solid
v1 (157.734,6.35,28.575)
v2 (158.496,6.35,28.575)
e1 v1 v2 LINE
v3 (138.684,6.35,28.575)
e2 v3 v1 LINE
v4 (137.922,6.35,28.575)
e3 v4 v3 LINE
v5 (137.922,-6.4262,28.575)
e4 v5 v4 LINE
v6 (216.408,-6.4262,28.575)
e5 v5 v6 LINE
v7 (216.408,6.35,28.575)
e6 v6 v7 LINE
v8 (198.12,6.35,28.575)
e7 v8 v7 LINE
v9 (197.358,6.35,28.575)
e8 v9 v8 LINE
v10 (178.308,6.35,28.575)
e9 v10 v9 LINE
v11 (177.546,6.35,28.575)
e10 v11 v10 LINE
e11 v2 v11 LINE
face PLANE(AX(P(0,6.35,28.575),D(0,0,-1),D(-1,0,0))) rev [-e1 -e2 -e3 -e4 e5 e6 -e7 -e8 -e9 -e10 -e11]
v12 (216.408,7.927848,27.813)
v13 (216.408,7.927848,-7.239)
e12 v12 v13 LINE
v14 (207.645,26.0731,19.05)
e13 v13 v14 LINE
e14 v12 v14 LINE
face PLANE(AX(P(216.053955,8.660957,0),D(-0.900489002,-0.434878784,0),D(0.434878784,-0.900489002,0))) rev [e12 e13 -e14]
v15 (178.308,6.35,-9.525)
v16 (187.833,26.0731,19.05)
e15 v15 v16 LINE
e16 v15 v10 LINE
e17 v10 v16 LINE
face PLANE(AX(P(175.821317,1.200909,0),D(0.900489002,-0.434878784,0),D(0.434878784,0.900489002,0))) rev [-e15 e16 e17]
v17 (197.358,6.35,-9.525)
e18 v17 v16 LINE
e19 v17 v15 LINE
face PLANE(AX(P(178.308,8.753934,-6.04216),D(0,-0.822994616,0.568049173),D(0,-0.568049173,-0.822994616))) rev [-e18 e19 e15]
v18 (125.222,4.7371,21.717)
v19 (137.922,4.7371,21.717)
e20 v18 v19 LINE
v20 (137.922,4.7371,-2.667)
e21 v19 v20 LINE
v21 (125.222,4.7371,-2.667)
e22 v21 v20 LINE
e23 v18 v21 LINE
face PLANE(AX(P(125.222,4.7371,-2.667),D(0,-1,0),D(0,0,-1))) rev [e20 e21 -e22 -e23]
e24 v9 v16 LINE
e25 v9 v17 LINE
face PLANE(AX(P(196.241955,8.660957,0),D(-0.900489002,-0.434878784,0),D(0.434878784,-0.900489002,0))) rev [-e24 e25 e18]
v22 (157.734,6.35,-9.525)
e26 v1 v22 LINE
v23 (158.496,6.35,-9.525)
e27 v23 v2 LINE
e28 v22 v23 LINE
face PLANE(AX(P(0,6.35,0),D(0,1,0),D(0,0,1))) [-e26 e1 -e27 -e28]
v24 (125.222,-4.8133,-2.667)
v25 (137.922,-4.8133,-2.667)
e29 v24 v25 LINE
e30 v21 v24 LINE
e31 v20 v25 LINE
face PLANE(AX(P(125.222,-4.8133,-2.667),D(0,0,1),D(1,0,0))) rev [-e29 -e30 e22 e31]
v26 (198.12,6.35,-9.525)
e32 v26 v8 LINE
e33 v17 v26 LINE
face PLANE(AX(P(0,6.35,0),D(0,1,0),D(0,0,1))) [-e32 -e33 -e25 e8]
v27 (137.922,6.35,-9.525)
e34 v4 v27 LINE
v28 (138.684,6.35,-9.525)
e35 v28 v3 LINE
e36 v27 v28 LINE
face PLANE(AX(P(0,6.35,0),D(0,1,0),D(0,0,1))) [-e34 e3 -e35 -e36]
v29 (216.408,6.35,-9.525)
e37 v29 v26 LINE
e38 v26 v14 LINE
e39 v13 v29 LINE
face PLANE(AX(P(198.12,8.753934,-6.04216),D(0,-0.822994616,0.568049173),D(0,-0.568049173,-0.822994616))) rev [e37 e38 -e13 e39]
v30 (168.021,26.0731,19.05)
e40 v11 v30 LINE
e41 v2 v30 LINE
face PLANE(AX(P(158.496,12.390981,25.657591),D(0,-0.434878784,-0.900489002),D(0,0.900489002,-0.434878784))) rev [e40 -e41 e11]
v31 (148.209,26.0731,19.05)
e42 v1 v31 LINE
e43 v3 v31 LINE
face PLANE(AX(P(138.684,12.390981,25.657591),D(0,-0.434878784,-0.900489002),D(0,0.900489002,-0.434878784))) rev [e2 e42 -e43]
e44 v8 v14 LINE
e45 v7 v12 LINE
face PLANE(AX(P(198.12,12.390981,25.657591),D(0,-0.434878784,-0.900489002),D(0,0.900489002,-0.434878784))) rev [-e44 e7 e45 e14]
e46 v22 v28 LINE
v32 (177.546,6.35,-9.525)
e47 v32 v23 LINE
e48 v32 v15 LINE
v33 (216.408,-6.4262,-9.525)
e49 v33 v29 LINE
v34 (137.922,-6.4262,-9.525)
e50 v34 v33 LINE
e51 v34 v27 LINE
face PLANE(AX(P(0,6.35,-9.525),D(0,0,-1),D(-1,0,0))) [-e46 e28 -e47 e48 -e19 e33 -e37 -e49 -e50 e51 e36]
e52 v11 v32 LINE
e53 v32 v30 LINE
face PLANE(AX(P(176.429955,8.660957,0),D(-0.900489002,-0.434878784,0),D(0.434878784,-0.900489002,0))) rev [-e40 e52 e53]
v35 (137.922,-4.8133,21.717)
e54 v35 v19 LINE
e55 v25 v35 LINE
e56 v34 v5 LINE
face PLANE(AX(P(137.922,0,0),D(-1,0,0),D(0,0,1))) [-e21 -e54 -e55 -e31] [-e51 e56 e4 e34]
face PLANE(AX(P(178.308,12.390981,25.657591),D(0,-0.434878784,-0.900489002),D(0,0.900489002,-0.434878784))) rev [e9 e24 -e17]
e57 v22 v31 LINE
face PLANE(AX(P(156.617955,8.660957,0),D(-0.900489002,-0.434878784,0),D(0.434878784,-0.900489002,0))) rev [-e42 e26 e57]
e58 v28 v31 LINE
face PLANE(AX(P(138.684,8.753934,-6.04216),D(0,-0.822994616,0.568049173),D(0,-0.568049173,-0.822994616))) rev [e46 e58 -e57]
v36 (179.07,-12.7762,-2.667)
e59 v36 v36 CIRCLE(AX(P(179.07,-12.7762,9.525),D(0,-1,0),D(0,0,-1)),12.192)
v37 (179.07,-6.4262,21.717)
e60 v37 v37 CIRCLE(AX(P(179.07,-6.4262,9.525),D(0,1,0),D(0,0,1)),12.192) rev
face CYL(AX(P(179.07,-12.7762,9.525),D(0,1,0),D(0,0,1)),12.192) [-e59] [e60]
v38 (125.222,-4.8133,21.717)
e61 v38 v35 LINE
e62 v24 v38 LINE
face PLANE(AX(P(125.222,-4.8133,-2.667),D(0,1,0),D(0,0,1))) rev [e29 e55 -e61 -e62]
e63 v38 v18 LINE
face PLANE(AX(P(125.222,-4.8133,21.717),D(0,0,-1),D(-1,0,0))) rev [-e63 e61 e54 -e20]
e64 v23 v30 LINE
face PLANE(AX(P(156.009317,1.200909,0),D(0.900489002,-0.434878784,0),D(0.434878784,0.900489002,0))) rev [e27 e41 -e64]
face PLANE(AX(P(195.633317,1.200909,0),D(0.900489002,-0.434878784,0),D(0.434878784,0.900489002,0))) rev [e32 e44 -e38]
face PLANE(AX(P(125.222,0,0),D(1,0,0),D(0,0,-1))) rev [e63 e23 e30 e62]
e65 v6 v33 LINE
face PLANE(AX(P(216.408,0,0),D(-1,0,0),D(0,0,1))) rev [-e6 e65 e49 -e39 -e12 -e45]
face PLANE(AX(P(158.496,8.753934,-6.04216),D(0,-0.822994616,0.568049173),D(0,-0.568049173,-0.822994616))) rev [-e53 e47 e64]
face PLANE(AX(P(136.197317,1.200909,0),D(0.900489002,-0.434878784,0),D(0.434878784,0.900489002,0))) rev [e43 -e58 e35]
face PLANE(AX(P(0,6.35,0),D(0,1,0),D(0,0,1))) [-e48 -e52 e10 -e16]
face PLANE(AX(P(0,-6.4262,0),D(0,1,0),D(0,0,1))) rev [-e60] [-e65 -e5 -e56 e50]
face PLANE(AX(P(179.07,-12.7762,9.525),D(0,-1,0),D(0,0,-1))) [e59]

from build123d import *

# Parameters (mm, degrees)
SKETCH1_W           = 19.05
SKETCH1_H           = 19.05
BOSS_EXTRUDE2_DEPTH = 6.35
SKETCH8_W           = 217.17
SKETCH8_H           = 38.1
BOSS_EXTRUDE4_DEPTH = 6.35
SKETCH8_5_W         = 217.17
SKETCH8_5_H         = 38.1
BOSS_EXTRUDE5_DEPTH = 6.4262
SKETCH9_W           = 19.05
SKETCH9_H           = 38.1
LPATTERN3_COUNT     = 11
LPATTERN3_PITCH     = 19.812
SKETCH15_R          = 12.192
BOSS_EXTRUDE6_DEPTH = 6.35
SKETCH16_W          = 38.1
SKETCH16_H          = 22.073264639
CUT_EXTRUDE1_DEPTH  = 3.302
SKETCH17_W          = 61.644203732
SKETCH17_H          = 46.422477749
CUT_EXTRUDE2_DEPTH  = 137.922
SKETCH18_W          = 24.384
SKETCH18_H          = 9.5504
BOSS_EXTRUDE7_DEPTH = 12.7


with BuildPart() as part:
    # Sketch1 → Boss-Extrude2 (new body)
    with BuildSketch(Plane(origin=(0, 0, 0), x_dir=(1, 0, 0), z_dir=(0, 1, 0))):
        with Locations((9.525, -9.525)):
            Rectangle(SKETCH1_W, SKETCH1_H)
    extrude(amount=BOSS_EXTRUDE2_DEPTH)

    # Sketch8 → Boss-Extrude4 (add)
    with BuildSketch(Plane(origin=(0, 0, 0), x_dir=(1, 0, 0), z_dir=(0, 1, 0))):
        with Locations((108.585, -9.525)):
            Rectangle(SKETCH8_W, SKETCH8_H)
    extrude(amount=BOSS_EXTRUDE4_DEPTH)

    # Sketch8<5> → Boss-Extrude5 (add)
    with BuildSketch(Plane(origin=(0, 0, 0), x_dir=(1, 0, 0), z_dir=(0, 1, 0))):
        with Locations((108.585, -9.525)):
            Rectangle(SKETCH8_5_W, SKETCH8_5_H)
    extrude(amount=-BOSS_EXTRUDE5_DEPTH)

    # Sketch9 → Loft3 section 0
    with BuildSketch(Plane(origin=(0, 6.35, 0), x_dir=(1, 0, 0), z_dir=(0, 1, 0)), mode=Mode.PRIVATE) as loft3_s0:
        with Locations((9.525, -9.525)):
            Rectangle(SKETCH9_W, SKETCH9_H)
    loft3 = loft([loft3_s0.sketch, Vertex(9.525, 26.0731, 19.05)])

    # LPattern3: Loft3 ×11
    with Locations(*[(i * LPATTERN3_PITCH, 0, 0) for i in range(1, LPATTERN3_COUNT)]):
        add(loft3)

    # Sketch15 → Boss-Extrude6 (add)
    with BuildSketch(Plane.XZ.offset(6.4262)):
        with Locations((179.07, 9.525)):
            Circle(SKETCH15_R)
        with Locations((38.1, 9.525)):
            Circle(SKETCH15_R)
        with Locations((108.585, 9.525)):
            Circle(SKETCH15_R)
    extrude(amount=BOSS_EXTRUDE6_DEPTH)

    # Sketch16 → Cut-Extrude1 (cut)
    with BuildSketch(Plane(origin=(219.71, 0, 0), x_dir=(0, 0, -1), z_dir=(1, 0, 0))):
        with Locations((-9.525, 4.61043232)):
            Rectangle(SKETCH16_W, SKETCH16_H)
    extrude(amount=-CUT_EXTRUDE1_DEPTH, mode=Mode.SUBTRACT)

    # Sketch17 → Cut-Extrude2 (cut)
    with BuildSketch(Plane.ZY):
        with Locations((9.467504242, 6.577579821)):
            Rectangle(SKETCH17_W, SKETCH17_H)
    extrude(amount=-CUT_EXTRUDE2_DEPTH, mode=Mode.SUBTRACT)

    # Sketch18 → Boss-Extrude7 (add)
    with BuildSketch(Plane.ZY.offset(-137.922)):
        with Locations((9.525, -0.0381)):
            Rectangle(SKETCH18_W, SKETCH18_H)
    extrude(amount=BOSS_EXTRUDE7_DEPTH)


solid = part.part
